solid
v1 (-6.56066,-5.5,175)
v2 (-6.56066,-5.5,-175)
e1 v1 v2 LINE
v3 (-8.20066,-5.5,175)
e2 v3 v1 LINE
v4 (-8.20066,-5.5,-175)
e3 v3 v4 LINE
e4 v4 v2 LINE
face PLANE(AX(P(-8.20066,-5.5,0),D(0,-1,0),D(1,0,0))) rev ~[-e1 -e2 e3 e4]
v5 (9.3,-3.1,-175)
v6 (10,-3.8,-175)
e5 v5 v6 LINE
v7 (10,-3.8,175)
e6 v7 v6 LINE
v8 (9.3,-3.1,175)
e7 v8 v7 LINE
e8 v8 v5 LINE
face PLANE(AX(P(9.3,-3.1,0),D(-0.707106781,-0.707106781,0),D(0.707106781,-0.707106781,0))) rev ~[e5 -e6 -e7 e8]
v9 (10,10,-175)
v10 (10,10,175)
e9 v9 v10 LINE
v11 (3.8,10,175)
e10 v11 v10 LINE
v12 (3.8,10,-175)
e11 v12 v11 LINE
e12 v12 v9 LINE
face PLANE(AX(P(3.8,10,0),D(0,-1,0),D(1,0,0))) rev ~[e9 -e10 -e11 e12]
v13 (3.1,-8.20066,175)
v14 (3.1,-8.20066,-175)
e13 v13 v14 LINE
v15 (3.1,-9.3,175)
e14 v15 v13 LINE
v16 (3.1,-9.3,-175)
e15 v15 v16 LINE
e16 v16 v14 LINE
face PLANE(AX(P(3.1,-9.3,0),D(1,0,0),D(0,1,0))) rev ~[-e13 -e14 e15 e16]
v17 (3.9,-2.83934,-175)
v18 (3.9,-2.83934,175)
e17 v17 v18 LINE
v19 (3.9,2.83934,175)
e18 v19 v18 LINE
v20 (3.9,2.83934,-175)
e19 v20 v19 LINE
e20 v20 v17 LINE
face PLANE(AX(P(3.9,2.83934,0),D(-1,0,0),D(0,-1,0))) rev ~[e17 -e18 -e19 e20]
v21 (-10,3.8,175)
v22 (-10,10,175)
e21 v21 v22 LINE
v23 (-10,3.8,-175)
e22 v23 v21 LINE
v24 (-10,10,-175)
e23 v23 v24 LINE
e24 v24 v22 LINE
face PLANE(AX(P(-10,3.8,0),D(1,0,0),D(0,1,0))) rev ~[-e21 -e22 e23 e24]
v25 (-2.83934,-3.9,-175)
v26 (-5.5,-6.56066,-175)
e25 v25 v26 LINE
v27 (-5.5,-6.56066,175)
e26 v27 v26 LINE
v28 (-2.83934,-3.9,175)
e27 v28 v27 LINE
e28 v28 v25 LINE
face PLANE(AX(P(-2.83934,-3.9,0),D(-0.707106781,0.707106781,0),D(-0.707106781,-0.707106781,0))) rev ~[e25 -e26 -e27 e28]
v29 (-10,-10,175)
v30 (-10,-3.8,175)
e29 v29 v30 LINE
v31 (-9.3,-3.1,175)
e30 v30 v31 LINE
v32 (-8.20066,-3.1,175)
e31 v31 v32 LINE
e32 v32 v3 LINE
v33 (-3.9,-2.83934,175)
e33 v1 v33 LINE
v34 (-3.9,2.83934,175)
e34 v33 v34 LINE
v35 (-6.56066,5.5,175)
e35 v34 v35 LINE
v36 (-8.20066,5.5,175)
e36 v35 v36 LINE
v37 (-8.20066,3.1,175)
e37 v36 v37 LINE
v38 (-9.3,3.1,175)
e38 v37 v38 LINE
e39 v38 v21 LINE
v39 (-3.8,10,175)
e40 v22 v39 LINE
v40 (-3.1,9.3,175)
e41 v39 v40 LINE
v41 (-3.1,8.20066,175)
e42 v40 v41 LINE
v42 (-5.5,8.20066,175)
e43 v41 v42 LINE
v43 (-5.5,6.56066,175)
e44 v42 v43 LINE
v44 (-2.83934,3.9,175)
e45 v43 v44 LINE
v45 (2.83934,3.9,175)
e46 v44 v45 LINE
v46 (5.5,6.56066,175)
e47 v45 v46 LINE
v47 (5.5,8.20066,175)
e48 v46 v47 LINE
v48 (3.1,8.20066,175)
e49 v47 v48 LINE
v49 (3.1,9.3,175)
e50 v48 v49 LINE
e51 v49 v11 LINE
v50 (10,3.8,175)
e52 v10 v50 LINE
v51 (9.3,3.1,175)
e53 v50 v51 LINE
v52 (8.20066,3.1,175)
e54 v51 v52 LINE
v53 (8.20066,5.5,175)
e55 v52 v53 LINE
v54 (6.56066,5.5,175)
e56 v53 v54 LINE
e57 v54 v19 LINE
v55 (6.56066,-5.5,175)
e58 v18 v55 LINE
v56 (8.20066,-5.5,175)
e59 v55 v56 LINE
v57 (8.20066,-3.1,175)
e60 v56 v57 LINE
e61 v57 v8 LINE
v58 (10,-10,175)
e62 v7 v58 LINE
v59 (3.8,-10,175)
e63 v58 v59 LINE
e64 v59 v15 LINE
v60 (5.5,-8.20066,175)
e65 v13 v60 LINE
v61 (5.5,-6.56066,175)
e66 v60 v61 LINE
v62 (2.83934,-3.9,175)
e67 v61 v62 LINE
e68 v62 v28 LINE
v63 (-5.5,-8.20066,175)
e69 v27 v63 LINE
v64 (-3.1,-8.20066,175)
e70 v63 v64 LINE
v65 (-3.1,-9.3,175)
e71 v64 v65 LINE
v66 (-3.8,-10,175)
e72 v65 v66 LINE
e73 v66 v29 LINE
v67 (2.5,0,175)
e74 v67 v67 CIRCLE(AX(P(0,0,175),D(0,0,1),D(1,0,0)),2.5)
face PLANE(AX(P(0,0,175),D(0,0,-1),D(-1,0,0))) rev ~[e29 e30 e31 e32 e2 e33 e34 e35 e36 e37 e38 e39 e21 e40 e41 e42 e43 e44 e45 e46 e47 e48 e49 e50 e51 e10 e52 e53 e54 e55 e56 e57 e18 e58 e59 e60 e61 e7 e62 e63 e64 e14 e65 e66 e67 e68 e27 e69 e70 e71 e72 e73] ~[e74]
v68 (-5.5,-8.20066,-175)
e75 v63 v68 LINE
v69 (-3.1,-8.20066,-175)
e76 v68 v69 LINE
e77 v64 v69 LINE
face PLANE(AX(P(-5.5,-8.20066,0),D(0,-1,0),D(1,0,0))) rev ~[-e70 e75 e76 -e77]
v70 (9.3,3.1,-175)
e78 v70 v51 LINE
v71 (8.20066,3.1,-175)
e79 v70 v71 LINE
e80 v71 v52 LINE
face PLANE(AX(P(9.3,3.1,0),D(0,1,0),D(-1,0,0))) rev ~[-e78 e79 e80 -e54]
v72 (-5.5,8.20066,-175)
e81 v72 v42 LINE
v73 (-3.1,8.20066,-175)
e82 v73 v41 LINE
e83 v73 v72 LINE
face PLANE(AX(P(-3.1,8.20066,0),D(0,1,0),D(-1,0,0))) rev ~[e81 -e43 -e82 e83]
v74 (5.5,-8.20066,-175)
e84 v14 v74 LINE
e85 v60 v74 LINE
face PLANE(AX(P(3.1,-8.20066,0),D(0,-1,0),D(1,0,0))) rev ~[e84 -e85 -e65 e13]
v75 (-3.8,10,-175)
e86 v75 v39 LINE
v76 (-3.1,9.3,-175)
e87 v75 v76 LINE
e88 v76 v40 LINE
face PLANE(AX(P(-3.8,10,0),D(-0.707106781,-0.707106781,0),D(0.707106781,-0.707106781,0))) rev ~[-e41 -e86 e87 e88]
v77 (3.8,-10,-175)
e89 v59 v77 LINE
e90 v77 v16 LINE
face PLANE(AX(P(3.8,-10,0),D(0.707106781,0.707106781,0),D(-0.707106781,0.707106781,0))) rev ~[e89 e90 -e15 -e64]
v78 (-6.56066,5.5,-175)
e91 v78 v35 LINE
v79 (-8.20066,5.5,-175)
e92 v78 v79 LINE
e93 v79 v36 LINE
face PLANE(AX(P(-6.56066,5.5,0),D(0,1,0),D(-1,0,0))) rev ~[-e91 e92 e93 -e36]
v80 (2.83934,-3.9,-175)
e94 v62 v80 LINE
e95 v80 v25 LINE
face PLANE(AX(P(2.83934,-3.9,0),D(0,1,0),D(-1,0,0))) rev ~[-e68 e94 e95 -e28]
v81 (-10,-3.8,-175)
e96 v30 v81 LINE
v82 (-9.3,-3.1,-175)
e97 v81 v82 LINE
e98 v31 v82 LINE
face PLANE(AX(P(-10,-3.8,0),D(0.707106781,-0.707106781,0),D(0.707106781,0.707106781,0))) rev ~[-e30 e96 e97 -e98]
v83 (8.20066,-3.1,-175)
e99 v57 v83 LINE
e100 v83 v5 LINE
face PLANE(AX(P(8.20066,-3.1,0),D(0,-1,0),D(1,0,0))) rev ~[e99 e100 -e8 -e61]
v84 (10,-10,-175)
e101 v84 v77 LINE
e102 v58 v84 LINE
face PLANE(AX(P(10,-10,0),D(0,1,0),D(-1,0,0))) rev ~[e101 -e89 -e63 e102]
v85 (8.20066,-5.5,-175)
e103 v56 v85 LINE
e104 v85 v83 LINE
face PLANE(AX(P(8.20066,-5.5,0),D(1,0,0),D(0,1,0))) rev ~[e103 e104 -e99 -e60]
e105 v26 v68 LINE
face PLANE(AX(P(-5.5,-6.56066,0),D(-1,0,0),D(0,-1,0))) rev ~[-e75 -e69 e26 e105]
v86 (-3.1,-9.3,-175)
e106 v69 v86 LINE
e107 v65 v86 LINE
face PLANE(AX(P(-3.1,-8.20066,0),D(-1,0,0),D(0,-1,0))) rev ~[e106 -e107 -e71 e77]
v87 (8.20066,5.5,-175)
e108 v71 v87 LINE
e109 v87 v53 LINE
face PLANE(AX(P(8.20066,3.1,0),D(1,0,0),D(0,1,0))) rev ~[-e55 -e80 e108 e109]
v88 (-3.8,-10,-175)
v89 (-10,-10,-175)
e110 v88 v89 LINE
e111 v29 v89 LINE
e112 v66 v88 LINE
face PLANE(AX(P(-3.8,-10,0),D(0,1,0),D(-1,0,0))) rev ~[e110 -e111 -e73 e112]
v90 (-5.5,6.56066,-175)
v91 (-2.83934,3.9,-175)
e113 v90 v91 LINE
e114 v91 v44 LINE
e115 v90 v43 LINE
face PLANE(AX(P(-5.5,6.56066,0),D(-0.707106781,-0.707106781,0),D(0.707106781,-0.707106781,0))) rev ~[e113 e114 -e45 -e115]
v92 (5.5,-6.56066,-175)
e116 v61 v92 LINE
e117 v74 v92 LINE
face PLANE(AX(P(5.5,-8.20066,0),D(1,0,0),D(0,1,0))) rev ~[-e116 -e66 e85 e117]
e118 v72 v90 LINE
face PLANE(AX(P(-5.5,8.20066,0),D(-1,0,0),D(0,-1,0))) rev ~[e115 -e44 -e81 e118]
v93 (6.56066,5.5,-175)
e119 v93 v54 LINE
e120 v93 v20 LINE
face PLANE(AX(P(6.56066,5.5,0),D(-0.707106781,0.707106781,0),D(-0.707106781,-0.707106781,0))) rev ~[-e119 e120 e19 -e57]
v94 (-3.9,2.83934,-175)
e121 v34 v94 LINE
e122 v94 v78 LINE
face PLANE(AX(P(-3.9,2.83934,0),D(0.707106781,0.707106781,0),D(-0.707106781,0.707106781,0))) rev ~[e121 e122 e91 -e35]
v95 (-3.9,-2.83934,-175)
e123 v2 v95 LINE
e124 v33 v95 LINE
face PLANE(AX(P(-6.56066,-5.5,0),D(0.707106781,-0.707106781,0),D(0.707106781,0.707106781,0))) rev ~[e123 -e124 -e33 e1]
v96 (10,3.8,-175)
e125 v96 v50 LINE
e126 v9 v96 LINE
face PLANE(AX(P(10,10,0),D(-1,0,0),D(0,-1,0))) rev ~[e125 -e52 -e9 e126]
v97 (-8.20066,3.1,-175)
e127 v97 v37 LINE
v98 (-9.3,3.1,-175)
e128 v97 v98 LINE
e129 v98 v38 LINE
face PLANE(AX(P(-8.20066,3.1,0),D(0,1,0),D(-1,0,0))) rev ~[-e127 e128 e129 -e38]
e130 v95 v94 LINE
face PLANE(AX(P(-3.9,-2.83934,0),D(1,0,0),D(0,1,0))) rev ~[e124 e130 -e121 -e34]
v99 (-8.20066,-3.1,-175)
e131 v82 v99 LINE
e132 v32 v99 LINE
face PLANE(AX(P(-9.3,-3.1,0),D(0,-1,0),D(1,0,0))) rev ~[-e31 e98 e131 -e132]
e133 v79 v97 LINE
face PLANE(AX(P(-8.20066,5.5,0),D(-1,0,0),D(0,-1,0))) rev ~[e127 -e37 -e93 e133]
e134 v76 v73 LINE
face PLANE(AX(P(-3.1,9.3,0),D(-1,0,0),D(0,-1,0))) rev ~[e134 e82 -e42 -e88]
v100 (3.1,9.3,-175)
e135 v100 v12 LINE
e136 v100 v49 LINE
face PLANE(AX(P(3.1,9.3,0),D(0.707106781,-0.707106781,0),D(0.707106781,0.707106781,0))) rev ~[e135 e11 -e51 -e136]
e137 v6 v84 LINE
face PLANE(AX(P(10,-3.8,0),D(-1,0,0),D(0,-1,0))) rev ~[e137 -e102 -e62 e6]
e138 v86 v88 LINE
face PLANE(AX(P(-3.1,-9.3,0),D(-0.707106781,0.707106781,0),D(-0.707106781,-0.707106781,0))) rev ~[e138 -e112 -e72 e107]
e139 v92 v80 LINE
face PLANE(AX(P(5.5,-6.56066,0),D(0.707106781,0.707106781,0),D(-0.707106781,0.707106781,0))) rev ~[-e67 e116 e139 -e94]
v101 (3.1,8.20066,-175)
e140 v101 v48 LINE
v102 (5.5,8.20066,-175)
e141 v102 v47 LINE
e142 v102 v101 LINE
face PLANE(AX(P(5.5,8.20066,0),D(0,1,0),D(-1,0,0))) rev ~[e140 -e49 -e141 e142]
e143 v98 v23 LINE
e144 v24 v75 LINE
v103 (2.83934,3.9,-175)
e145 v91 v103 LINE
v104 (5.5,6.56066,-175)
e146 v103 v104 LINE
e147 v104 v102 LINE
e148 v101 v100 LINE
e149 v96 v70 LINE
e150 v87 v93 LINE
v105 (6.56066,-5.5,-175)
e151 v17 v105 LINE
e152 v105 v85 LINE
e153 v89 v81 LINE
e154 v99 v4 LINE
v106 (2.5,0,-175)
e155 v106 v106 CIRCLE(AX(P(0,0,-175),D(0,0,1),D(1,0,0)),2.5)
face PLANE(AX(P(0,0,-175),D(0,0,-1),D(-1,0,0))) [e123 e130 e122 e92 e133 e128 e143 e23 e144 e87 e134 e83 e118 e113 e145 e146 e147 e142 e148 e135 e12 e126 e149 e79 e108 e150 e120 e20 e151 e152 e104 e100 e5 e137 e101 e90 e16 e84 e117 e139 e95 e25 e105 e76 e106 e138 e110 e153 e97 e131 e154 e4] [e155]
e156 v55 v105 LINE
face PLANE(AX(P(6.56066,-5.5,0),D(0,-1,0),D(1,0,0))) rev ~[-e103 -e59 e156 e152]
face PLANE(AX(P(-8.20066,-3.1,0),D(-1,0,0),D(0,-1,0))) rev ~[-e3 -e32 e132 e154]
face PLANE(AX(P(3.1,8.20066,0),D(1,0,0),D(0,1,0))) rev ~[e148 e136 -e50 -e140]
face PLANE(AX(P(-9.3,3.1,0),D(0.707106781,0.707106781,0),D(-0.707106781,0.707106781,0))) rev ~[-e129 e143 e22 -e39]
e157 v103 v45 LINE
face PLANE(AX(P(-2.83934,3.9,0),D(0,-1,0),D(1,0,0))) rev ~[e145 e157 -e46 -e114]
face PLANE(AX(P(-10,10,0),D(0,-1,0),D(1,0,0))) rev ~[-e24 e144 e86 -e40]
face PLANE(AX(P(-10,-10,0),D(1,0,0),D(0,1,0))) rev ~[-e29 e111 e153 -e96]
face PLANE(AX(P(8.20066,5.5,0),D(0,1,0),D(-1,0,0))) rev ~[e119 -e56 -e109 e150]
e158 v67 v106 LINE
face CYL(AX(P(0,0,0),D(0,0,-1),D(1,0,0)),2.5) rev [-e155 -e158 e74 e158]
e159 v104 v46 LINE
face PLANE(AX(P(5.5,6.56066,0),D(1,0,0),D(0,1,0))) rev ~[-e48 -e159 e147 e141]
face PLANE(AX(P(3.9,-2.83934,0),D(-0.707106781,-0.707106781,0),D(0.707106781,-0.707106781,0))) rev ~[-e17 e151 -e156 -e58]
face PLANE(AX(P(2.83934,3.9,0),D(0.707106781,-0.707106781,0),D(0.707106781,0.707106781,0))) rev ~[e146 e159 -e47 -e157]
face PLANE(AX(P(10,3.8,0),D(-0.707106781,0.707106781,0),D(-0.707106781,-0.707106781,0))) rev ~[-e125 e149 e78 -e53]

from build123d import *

# Parameters (mm, degrees)
SKETCH1_R           = 2.5
BOSS_EXTRUDE1_DEPTH = 175


with BuildPart() as part:
    # Sketch1 → Boss-Extrude1 (new, symmetric)
    with BuildSketch(Plane.XY):
        Polygon((3.9, -2.839339828), (6.560660172, -5.5), (8.200660172, -5.5), (8.200660172, -3.1), (9.3, -3.1), (10, -3.8), (10, -10), (3.8, -10), (3.1, -9.3), (3.1, -8.200660172), (5.5, -8.200660172), (5.5, -6.560660172), (2.839339828, -3.9), (-2.839339828, -3.9), (-5.5, -6.560660172), (-5.5, -8.200660172), (-3.1, -8.200660172), (-3.1, -9.3), (-3.8, -10), (-10, -10), (-10, -3.8), (-9.3, -3.1), (-8.200660172, -3.1), (-8.200660172, -5.5), (-6.560660172, -5.5), (-3.9, -2.839339828), (-3.9, 2.839339828), (-6.560660172, 5.5), (-8.200660172, 5.5), (-8.200660172, 3.1), (-9.3, 3.1), (-10, 3.8), (-10, 10), (-3.8, 10), (-3.1, 9.3), (-3.1, 8.200660172), (-5.5, 8.200660172), (-5.5, 6.560660172), (-2.839339828, 3.9), (2.839339828, 3.9), (5.5, 6.560660172), (5.5, 8.200660172), (3.1, 8.200660172), (3.1, 9.3), (3.8, 10), (10, 10), (10, 3.8), (9.3, 3.1), (8.200660172, 3.1), (8.200660172, 5.5), (6.560660172, 5.5), (3.9, 2.839339828), align=None)
        Circle(SKETCH1_R, mode=Mode.SUBTRACT)
    extrude(amount=BOSS_EXTRUDE1_DEPTH, both=True)


solid = part.part
